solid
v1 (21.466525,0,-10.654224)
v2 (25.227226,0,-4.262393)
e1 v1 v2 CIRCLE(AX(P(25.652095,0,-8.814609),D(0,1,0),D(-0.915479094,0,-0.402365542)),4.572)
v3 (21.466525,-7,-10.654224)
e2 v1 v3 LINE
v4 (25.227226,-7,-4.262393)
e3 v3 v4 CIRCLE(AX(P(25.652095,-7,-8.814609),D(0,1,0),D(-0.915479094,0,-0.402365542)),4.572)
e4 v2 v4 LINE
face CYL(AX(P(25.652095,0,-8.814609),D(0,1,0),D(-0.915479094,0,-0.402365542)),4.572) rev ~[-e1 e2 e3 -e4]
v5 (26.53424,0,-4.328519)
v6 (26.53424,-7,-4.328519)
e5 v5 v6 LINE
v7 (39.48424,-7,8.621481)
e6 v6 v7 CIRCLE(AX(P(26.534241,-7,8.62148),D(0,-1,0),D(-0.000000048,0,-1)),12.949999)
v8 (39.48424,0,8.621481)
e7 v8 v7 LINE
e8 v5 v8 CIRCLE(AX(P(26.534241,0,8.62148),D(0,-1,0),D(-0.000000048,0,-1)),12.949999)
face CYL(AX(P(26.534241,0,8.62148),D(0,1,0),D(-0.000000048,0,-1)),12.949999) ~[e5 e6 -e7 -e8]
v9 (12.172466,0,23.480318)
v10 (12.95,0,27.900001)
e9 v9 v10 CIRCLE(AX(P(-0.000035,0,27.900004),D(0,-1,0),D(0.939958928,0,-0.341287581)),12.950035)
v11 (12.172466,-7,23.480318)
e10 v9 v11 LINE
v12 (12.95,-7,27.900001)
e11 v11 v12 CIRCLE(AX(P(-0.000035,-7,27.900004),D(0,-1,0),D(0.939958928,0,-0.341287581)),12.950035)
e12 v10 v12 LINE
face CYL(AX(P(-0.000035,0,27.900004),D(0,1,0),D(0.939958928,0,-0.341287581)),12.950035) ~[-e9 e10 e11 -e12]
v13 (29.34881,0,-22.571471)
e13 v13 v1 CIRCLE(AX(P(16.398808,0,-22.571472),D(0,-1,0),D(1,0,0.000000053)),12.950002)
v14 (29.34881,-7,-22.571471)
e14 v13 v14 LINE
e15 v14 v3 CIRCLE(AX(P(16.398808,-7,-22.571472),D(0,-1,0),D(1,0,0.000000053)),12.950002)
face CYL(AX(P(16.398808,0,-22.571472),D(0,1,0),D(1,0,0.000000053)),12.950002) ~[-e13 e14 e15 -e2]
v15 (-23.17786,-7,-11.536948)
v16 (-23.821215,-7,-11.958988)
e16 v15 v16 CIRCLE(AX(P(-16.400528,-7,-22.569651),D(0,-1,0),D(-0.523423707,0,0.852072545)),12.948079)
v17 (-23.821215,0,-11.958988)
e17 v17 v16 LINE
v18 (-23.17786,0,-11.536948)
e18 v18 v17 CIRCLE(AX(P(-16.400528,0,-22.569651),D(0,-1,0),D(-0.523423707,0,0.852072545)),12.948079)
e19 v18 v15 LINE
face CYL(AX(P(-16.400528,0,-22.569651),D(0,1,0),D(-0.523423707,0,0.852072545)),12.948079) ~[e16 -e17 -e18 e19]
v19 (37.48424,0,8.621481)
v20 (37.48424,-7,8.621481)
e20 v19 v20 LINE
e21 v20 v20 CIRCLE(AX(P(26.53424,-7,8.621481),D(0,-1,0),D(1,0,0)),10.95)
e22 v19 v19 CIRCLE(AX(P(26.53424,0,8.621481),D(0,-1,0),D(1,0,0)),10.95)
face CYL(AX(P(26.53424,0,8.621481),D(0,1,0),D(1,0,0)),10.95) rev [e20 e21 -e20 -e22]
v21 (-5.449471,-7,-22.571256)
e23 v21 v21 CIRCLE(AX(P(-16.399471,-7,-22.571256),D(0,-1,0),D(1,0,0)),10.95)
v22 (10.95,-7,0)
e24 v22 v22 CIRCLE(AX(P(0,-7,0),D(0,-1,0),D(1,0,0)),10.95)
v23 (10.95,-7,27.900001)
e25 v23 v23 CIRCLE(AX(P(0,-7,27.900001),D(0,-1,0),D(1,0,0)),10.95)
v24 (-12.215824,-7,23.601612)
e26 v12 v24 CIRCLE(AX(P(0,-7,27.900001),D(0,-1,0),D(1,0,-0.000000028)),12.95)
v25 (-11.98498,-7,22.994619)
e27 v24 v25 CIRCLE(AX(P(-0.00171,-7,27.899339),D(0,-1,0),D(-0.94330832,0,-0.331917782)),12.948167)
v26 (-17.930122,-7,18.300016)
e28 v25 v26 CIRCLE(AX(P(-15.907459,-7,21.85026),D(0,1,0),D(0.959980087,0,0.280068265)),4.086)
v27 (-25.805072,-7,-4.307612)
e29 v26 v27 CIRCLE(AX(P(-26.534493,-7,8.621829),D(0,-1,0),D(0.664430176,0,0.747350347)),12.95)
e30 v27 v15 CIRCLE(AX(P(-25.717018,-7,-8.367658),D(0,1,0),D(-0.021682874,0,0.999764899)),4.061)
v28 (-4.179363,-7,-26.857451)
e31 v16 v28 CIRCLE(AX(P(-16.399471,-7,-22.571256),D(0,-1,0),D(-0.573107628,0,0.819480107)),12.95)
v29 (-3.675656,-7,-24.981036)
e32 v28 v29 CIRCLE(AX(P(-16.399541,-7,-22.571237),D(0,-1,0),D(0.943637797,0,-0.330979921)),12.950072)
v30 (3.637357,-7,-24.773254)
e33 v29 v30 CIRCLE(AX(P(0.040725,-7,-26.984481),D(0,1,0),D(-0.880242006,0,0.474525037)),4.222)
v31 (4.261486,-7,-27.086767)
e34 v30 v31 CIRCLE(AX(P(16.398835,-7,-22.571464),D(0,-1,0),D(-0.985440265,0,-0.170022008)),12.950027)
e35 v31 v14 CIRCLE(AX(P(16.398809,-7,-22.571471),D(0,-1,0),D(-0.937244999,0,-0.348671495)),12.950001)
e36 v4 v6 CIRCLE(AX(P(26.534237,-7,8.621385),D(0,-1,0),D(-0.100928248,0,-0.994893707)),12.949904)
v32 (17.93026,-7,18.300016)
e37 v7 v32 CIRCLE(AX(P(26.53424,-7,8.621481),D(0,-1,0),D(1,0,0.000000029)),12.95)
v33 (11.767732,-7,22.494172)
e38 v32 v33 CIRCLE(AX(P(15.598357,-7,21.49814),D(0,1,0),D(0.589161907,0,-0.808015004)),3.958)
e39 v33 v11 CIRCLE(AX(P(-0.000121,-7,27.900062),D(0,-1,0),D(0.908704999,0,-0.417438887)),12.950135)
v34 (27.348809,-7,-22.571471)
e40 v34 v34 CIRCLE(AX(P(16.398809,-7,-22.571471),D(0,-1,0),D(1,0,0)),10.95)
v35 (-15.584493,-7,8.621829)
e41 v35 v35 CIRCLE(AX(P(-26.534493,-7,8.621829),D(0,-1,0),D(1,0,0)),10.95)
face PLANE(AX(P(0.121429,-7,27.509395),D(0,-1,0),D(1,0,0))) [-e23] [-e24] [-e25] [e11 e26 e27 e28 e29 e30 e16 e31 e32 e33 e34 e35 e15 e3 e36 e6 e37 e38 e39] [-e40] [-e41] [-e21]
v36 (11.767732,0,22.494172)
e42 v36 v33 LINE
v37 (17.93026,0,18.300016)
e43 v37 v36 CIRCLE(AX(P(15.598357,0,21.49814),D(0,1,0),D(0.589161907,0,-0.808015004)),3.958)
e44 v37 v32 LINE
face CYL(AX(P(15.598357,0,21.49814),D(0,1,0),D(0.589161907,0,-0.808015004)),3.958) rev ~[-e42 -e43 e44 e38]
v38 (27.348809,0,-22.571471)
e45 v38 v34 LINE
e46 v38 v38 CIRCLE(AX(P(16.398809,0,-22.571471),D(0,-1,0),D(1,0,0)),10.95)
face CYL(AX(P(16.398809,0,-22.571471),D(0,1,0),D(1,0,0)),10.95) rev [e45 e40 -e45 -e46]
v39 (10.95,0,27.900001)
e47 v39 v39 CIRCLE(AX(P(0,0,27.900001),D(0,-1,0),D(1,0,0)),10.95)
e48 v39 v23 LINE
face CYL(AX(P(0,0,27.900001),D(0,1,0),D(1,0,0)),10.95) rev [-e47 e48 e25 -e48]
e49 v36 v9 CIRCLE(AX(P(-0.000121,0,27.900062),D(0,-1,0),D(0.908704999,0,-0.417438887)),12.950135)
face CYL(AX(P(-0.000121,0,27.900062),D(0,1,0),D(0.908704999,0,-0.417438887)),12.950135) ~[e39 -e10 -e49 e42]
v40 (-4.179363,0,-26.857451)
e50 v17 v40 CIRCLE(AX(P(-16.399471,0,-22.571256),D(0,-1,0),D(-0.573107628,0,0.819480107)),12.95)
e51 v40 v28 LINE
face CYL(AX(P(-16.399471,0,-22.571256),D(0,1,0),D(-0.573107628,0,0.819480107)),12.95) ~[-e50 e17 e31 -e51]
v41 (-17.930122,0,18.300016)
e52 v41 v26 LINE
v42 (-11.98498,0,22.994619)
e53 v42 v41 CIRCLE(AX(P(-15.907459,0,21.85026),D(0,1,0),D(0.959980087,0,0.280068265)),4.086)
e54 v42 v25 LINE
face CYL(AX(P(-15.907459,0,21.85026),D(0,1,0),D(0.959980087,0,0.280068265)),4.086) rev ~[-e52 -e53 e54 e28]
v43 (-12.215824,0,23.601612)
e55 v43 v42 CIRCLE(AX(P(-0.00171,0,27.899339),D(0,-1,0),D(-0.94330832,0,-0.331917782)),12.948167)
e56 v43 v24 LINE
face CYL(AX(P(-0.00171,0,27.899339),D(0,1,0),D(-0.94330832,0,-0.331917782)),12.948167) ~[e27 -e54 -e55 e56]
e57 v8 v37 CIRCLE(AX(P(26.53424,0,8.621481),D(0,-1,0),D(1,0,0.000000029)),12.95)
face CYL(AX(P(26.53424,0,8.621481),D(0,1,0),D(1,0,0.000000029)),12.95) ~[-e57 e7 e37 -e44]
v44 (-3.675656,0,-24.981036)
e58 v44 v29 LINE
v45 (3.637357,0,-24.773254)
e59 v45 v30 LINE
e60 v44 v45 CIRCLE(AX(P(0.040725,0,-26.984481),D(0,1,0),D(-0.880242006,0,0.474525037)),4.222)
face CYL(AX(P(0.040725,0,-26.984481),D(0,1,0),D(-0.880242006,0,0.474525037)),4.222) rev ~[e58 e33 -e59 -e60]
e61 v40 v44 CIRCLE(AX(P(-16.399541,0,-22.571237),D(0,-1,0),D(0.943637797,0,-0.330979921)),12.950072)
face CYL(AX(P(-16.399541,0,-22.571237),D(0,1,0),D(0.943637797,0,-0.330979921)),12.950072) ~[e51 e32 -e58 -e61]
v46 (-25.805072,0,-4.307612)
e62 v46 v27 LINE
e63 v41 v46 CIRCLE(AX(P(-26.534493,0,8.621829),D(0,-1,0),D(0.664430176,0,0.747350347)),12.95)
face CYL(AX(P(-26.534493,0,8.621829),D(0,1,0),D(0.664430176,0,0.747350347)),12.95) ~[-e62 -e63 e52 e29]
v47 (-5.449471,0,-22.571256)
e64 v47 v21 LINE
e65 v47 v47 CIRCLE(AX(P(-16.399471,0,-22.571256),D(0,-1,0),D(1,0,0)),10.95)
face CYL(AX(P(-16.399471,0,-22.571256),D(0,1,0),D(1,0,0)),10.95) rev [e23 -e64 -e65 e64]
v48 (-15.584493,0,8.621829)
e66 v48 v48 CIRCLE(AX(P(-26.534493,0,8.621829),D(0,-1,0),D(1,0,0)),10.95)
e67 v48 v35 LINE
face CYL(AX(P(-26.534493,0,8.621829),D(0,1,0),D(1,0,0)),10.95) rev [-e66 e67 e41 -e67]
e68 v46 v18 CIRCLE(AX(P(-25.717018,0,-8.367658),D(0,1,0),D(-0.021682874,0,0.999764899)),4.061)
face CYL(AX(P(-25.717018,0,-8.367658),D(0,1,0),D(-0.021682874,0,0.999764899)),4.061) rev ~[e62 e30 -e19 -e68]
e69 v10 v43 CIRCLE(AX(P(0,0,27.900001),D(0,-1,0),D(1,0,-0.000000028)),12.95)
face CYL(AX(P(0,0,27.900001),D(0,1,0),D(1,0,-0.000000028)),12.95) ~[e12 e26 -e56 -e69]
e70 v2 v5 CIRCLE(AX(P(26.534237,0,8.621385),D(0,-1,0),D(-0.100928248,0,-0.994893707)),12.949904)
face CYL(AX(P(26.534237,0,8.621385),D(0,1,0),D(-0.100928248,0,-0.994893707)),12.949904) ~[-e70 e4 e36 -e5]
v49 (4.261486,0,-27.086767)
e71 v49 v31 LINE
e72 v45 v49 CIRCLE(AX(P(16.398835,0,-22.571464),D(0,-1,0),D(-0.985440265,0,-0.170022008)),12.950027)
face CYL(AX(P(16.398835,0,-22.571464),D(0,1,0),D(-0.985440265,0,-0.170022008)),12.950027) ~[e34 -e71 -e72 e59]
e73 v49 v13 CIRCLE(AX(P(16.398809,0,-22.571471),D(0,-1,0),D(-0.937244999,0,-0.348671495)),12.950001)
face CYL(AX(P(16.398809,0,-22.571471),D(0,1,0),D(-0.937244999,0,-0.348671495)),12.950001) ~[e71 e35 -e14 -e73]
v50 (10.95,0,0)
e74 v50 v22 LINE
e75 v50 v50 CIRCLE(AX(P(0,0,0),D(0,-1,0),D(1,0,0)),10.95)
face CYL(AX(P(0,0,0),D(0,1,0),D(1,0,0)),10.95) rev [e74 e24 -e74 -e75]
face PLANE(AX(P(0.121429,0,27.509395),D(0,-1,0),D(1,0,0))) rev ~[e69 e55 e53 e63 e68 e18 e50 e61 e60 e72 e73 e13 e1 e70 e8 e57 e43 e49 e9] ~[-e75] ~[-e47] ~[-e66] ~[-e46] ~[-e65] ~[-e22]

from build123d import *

# Parameters (mm, degrees)
F0_R     = 10.95
F0_R_2   = 12.95
F1_DEPTH = 7


with BuildPart() as f1:
    # F0 (on Front) → F1 (new body)
    with BuildSketch(Plane.XZ):
        with BuildLine():
            ThreePointArc((12.172466, 23.480318), (12.754135, 25.656223), (12.95, 27.900001))
            ThreePointArc((12.95, 27.900001), (-2.180319, 40.665138), (-12.215824, 23.601612))
            ThreePointArc((-12.215824, 23.601612), (-12.088324, 23.302709), (-11.98498, 22.994619))
            ThreePointArc((-11.98498, 22.994619), (-0.272784, 14.952874), (11.767732, 22.494172))
            ThreePointArc((11.767732, 22.494172), (11.936748, 23.000933), (12.172466, 23.480318))
        make_face()
        with Locations((0, 27.900001)):
            Circle(F0_R, mode=Mode.SUBTRACT)
        with BuildLine():
            ThreePointArc((-11.98498, 22.994619), (-12.088324, 23.302709), (-12.215824, 23.601612))
            ThreePointArc((-12.215824, 23.601612), (-12.104208, 23.296668), (-11.98498, 22.994619))
        make_face()
        with BuildLine():
            ThreePointArc((11.767732, 22.494172), (11.98025, 22.983079), (12.172466, 23.480318))
            ThreePointArc((12.172466, 23.480318), (11.936748, 23.000933), (11.767732, 22.494172))
        make_face()
        with BuildLine():
            ThreePointArc((11.767732, 22.494172), (-0.272784, 14.952874), (-11.98498, 22.994619))
            ThreePointArc((-11.98498, 22.994619), (-13.375236, 18.64351), (-17.930122, 18.300016))
            ThreePointArc((-17.930122, 18.300016), (-14.720748, 13.926351), (-13.584492, 8.621829))
            ThreePointArc((-13.584492, 8.621829), (-17.123103, -0.273577), (-25.805072, -4.307612))
            ThreePointArc((-25.805072, -4.307612), (-21.900239, -6.980602), (-23.17786, -11.536948))
            ThreePointArc((-23.17786, -11.536948), (-10.077985, -11.268985), (-3.449471, -22.571256))
            ThreePointArc((-3.449471, -22.571256), (-3.506141, -23.781442), (-3.675656, -24.981036))
            ThreePointArc((-3.675656, -24.981036), (-0.079184, -22.764184), (3.637357, -24.773254))
            ThreePointArc((3.637357, -24.773254), (8.35921, -12.419261), (21.466525, -10.654224))
            ThreePointArc((21.466525, -10.654224), (21.711548, -6.496146), (25.227226, -4.262393))
            ThreePointArc((25.227226, -4.262393), (14.212611, 4.636512), (17.93026, 18.300016))
            ThreePointArc((17.93026, 18.300016), (13.371414, 18.226062), (11.767732, 22.494172))
        make_face()
        Circle(F0_R_2, mode=Mode.SUBTRACT)
        with BuildLine():
            ThreePointArc((-13.584492, 8.621829), (-14.720748, 13.926351), (-17.930122, 18.300016))
            ThreePointArc((-17.930122, 18.300016), (-38.763807, 12.881685), (-25.805072, -4.307612))
            ThreePointArc((-25.805072, -4.307612), (-17.123103, -0.273577), (-13.584492, 8.621829))
        make_face()
        with Locations((-26.534493, 8.621829)):
            Circle(F0_R, mode=Mode.SUBTRACT)
        with BuildLine():
            ThreePointArc((39.48424, 8.621481), (31.839, 20.435118), (17.93026, 18.300016))
            ThreePointArc((17.93026, 18.300016), (14.212611, 4.636512), (25.227226, -4.262393))
            ThreePointArc((25.227226, -4.262393), (25.883111, -4.24845), (26.53424, -4.328519))
            ThreePointArc((26.53424, -4.328519), (35.691273, -0.535552), (39.48424, 8.621481))
        make_face()
        with Locations((26.53424, 8.621481)):
            Circle(F0_R, mode=Mode.SUBTRACT)
        with BuildLine():
            ThreePointArc((26.53424, -4.328519), (25.883111, -4.24845), (25.227226, -4.262393))
            ThreePointArc((25.227226, -4.262393), (25.879897, -4.311977), (26.53424, -4.328519))
        make_face()
        with BuildLine():
            ThreePointArc((-23.821215, -11.958988), (-23.48952, -11.763239), (-23.17786, -11.536948))
            ThreePointArc((-23.17786, -11.536948), (-23.502673, -11.743188), (-23.821215, -11.958988))
        make_face()
        with BuildLine():
            ThreePointArc((-3.449471, -22.571256), (-10.077985, -11.268985), (-23.17786, -11.536948))
            ThreePointArc((-23.17786, -11.536948), (-23.48952, -11.763239), (-23.821215, -11.958988))
            ThreePointArc((-23.821215, -11.958988), (-24.225526, -32.888977), (-4.179363, -26.857451))
            ThreePointArc((-4.179363, -26.857451), (-4.036912, -25.889875), (-3.675656, -24.981036))
            ThreePointArc((-3.675656, -24.981036), (-3.506141, -23.781442), (-3.449471, -22.571256))
        make_face()
        with Locations((-16.399471, -22.571256)):
            Circle(F0_R, mode=Mode.SUBTRACT)
        with BuildLine():
            ThreePointArc((29.34881, -22.571471), (27.199953, -15.427396), (21.466525, -10.654224))
            ThreePointArc((21.466525, -10.654224), (8.35921, -12.419261), (3.637357, -24.773254))
            ThreePointArc((3.637357, -24.773254), (4.116997, -25.884803), (4.261486, -27.086767))
            ThreePointArc((4.261486, -27.086767), (18.692733, -35.316683), (29.34881, -22.571471))
        make_face()
        with Locations((16.398809, -22.571471)):
            Circle(F0_R, mode=Mode.SUBTRACT)
        with BuildLine():
            ThreePointArc((4.261486, -27.086767), (4.116997, -25.884803), (3.637357, -24.773254))
            ThreePointArc((3.637357, -24.773254), (3.895796, -25.944477), (4.261486, -27.086767))
        make_face()
        with BuildLine():
            ThreePointArc((-4.179363, -26.857451), (-3.892271, -25.928703), (-3.675656, -24.981036))
            ThreePointArc((-3.675656, -24.981036), (-4.036912, -25.889875), (-4.179363, -26.857451))
        make_face()
        Circle(F0_R_2)
        Circle(F0_R, mode=Mode.SUBTRACT)
    extrude(amount=F1_DEPTH)


solid = f1.part
